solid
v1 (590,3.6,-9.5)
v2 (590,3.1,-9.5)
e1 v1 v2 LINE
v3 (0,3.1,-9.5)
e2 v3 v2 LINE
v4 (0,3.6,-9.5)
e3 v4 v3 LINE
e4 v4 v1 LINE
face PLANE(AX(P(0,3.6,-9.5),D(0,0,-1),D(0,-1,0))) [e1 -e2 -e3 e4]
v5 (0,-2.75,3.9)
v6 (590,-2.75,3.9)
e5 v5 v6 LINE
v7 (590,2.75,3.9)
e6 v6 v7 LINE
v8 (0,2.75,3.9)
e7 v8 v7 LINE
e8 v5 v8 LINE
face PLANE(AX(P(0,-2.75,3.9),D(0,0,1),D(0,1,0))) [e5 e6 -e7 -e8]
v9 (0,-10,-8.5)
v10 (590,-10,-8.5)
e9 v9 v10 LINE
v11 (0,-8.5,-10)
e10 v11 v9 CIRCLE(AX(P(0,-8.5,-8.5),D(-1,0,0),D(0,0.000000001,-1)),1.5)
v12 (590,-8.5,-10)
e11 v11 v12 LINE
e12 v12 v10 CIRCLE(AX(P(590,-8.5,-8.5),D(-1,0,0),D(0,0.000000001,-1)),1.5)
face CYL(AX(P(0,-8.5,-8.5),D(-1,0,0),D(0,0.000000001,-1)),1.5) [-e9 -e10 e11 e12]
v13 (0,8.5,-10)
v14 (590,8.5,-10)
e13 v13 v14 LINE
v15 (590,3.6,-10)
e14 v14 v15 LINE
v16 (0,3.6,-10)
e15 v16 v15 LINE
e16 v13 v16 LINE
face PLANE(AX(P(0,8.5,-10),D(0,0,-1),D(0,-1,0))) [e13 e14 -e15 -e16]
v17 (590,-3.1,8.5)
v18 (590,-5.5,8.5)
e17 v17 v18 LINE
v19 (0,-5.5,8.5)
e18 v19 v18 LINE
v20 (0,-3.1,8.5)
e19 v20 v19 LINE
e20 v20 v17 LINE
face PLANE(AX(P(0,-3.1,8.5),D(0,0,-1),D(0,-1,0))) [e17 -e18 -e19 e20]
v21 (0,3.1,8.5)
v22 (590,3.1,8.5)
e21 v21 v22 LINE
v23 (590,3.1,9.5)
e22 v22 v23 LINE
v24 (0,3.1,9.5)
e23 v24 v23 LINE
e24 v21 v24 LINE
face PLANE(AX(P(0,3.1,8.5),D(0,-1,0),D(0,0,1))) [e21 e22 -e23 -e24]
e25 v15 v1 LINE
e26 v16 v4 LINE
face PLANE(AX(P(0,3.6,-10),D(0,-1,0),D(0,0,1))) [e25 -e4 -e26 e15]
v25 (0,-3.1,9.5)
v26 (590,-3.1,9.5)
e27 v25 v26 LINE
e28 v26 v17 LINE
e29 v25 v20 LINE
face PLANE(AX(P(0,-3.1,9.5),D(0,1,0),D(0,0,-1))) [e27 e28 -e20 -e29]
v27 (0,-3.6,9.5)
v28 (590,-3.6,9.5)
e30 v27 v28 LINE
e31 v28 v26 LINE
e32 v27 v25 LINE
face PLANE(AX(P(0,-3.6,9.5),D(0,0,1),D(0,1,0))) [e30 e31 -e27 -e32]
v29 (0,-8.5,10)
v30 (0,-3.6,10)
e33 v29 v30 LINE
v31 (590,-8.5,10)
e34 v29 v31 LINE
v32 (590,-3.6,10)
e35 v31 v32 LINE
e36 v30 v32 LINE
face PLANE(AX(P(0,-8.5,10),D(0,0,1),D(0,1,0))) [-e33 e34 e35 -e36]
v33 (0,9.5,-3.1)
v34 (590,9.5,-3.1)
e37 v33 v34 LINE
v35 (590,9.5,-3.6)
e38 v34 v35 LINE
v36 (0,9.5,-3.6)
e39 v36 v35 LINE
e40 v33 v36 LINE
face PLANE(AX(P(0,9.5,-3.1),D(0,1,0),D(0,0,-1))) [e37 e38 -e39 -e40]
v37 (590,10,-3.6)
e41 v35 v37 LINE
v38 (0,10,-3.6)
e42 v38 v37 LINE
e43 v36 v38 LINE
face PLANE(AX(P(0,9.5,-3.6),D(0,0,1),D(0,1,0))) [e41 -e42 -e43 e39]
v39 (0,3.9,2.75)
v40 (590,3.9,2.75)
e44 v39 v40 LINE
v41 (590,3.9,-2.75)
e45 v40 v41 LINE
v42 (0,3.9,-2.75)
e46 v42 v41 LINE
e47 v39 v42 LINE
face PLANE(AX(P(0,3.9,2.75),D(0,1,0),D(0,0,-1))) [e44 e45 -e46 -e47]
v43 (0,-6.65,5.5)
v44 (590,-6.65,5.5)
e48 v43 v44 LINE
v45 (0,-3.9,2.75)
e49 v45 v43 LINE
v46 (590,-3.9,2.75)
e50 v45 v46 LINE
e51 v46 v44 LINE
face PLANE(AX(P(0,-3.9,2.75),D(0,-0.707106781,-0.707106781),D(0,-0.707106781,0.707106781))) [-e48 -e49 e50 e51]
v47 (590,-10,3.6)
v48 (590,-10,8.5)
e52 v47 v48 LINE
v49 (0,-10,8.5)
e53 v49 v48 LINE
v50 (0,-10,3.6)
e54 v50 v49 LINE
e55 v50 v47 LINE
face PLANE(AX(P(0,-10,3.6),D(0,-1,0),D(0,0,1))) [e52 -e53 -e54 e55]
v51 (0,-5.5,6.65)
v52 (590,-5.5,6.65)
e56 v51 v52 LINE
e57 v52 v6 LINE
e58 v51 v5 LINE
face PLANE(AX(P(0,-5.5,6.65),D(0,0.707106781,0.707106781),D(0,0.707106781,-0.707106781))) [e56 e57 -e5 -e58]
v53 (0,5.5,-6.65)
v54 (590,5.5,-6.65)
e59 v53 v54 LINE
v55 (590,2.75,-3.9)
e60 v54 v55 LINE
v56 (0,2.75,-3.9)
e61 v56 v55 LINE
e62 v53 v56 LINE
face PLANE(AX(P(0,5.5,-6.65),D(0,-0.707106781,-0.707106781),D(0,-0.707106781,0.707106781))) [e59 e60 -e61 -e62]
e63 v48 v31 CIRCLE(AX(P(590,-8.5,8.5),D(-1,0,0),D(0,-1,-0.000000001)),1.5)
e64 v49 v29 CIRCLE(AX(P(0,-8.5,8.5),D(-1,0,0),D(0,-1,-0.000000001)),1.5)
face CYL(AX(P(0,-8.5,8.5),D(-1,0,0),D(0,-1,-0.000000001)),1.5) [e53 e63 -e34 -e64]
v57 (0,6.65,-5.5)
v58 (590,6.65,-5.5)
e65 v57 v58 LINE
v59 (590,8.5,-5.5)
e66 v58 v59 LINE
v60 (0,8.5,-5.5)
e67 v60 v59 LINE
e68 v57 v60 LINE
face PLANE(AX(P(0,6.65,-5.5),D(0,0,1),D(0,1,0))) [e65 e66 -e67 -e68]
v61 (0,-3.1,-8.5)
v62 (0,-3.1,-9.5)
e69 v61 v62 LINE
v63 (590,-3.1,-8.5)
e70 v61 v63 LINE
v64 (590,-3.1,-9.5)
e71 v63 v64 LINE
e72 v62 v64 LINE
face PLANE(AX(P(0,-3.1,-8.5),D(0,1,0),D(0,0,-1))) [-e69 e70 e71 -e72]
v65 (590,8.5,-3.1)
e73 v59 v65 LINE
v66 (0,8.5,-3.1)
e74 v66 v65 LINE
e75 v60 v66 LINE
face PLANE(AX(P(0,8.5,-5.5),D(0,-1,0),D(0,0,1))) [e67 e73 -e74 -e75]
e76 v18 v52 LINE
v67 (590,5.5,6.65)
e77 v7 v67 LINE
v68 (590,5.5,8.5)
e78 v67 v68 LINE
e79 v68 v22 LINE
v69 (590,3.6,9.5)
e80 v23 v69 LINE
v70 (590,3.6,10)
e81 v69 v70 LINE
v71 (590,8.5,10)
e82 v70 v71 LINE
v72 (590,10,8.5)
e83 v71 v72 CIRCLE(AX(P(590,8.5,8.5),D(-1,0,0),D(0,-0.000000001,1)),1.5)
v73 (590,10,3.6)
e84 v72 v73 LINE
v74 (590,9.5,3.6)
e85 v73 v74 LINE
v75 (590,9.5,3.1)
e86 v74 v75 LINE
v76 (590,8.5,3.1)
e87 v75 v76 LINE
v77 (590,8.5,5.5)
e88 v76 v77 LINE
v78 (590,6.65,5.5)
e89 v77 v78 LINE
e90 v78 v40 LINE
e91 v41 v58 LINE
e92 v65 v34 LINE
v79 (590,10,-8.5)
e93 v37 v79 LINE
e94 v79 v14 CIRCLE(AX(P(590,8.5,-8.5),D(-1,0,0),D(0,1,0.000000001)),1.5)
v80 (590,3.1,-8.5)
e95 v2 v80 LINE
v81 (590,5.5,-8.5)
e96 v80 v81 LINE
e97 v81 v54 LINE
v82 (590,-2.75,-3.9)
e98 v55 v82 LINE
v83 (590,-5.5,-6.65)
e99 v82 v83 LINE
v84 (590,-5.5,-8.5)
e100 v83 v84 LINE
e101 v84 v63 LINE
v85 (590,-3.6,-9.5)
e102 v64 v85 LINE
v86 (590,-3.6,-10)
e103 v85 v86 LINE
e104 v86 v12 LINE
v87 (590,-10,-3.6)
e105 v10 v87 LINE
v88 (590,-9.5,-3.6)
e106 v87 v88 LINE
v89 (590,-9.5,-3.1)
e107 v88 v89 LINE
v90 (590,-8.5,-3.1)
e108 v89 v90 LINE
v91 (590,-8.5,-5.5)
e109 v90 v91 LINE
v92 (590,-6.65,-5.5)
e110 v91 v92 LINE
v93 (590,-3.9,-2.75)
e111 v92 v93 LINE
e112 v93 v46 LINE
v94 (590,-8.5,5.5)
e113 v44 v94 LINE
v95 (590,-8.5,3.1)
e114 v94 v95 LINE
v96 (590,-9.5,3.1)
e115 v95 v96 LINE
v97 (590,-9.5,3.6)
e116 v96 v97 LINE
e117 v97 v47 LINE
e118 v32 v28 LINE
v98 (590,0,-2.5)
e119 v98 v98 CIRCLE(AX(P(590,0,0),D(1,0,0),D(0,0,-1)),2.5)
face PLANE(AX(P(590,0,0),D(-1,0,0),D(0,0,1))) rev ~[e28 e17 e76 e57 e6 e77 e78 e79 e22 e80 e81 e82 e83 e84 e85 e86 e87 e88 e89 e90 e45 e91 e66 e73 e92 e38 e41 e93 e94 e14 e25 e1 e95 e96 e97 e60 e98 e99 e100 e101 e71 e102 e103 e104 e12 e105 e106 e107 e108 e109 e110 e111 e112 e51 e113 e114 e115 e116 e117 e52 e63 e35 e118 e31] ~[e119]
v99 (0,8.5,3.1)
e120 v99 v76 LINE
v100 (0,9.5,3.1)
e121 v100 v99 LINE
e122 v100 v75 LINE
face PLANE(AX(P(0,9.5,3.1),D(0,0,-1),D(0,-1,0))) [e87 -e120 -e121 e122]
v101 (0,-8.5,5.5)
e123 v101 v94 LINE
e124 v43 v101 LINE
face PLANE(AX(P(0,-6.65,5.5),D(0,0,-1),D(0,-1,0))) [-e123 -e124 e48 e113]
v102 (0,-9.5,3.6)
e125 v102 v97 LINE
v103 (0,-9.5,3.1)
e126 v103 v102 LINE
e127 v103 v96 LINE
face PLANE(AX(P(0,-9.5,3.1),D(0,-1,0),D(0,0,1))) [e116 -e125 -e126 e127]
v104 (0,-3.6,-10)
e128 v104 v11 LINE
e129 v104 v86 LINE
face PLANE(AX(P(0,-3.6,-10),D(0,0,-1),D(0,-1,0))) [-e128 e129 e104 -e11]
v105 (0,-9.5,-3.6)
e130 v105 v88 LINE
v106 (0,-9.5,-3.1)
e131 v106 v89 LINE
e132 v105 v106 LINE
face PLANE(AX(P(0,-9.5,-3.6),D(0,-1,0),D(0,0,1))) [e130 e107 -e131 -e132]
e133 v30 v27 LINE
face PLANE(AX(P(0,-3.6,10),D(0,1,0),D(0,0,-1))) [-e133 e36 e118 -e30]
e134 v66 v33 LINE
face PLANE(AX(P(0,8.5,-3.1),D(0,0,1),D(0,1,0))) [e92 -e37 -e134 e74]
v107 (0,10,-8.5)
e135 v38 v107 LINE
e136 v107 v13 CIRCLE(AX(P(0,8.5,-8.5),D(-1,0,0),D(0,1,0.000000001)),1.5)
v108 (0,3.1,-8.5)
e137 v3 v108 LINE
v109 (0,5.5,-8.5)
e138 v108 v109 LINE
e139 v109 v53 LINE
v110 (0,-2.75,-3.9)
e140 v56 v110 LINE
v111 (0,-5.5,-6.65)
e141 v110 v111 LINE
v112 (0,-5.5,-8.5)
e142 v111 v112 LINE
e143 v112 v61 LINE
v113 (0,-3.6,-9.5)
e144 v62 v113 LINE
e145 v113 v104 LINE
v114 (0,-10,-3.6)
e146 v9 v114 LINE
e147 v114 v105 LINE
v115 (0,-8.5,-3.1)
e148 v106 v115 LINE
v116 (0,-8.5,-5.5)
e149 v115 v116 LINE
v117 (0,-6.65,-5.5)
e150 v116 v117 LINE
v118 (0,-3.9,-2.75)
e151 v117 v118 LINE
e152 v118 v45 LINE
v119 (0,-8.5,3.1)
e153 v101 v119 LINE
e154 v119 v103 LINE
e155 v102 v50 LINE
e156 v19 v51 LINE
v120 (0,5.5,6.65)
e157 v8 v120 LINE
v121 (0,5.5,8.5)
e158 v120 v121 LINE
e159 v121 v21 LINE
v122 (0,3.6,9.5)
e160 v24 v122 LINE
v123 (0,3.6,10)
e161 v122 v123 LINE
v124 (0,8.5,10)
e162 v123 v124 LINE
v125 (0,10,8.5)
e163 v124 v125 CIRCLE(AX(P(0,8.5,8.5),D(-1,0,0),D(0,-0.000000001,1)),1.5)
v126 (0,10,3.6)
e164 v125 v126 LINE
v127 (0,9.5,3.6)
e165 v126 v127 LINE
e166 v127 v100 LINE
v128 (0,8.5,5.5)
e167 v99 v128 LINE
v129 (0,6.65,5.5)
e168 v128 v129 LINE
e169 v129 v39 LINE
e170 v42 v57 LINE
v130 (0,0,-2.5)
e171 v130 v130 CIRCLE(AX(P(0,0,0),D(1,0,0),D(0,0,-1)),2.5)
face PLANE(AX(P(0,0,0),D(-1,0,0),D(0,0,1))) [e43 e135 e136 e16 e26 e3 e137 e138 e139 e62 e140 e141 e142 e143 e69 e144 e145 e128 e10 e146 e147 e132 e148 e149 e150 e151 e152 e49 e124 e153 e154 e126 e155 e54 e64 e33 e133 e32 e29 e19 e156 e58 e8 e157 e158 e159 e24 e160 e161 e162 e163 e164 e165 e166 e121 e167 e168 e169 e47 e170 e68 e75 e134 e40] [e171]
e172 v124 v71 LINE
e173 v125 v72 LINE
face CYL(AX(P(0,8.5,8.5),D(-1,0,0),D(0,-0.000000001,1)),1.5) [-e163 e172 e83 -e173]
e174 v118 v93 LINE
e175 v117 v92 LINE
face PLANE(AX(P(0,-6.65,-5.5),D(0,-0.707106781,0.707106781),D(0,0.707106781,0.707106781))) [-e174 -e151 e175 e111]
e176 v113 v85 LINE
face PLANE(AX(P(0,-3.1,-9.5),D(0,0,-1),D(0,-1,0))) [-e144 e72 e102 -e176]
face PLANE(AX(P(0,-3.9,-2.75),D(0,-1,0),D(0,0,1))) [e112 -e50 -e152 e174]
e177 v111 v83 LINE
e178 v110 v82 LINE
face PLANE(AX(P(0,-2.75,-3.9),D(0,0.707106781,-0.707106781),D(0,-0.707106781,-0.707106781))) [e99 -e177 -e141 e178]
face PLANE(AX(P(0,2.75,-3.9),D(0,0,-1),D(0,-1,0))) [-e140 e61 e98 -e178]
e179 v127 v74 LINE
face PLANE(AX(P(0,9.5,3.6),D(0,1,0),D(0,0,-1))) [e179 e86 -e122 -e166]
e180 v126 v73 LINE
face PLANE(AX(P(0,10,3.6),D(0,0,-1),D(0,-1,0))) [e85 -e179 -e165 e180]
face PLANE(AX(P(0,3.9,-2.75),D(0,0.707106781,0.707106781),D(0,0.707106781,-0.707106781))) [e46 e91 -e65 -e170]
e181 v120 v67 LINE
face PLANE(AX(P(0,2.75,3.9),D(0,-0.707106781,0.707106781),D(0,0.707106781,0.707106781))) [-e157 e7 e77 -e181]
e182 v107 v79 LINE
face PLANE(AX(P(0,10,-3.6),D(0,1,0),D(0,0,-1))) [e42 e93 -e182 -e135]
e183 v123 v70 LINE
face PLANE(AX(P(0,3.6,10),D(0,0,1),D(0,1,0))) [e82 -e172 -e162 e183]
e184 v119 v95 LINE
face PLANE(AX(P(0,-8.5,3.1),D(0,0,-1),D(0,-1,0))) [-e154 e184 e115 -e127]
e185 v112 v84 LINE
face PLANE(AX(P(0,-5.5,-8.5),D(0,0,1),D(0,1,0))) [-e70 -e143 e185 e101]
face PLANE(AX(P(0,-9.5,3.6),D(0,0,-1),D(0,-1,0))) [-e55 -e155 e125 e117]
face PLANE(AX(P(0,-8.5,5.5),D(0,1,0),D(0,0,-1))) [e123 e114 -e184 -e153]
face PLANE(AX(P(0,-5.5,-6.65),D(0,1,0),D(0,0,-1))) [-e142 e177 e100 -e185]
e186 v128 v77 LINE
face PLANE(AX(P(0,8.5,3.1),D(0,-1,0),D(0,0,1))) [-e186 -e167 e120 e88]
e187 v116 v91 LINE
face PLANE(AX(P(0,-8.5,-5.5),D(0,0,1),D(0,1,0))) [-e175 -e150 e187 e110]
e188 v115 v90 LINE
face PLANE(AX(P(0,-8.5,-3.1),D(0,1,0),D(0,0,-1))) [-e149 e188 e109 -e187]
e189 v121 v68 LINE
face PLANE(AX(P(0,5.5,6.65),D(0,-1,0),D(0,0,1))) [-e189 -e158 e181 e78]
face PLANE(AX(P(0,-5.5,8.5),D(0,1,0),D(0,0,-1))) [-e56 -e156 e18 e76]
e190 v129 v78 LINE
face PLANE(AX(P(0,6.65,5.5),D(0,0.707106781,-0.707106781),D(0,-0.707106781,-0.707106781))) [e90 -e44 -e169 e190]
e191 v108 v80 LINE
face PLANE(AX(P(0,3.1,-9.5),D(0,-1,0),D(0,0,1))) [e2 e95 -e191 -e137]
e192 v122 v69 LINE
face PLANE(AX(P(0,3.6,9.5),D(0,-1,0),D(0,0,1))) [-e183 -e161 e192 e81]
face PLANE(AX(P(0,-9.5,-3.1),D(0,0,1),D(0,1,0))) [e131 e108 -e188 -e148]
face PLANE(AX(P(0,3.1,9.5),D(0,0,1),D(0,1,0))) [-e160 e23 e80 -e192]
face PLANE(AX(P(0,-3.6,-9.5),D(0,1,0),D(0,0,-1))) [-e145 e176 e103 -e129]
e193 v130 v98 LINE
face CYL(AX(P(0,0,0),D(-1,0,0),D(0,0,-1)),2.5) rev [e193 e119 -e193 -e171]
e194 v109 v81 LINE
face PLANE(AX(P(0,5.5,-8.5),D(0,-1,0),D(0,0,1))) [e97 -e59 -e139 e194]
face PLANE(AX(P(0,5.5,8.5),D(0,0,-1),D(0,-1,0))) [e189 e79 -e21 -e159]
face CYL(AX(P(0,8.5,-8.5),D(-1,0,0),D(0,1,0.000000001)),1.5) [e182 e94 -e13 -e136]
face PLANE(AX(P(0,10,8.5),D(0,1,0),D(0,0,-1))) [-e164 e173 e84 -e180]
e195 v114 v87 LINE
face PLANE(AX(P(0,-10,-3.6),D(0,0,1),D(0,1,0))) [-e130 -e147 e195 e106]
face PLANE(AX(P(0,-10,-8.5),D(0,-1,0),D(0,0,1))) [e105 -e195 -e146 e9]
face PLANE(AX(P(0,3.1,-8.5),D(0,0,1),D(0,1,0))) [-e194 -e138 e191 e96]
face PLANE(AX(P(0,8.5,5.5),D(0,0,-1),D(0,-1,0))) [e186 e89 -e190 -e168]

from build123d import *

# Parameters (mm, degrees)
SKETCH1_R                = 2.5
F_20_X_20_X_R1_5_1_DEPTH = 590


with BuildPart() as part:
    # Sketch1 → 铝型材 20 X 20 X R1.5(1) (new body)
    with BuildSketch(Plane(origin=(0, 0, 0), x_dir=(0, 0, -1), z_dir=(1, 0, 0))):
        with BuildLine():
            Line((-3.6, 10), (-3.6, 9.5))
            Line((-3.6, 9.5), (-3.1, 9.5))
            Line((-3.1, 9.5), (-3.1, 8.5))
            Line((-3.1, 8.5), (-5.5, 8.5))
            Line((-5.5, 8.5), (-5.5, 6.65))
            Line((-5.5, 6.65), (-2.75, 3.9))
            Line((-2.75, 3.9), (2.75, 3.9))
            Line((2.75, 3.9), (5.5, 6.65))
            Line((5.5, 6.65), (5.5, 8.5))
            Line((5.5, 8.5), (3.1, 8.5))
            Line((3.1, 8.5), (3.1, 9.5))
            Line((3.1, 9.5), (3.6, 9.5))
            Line((3.6, 9.5), (3.6, 10))
            Line((3.6, 10), (8.5, 10))
            ThreePointArc((8.5, 10), (9.560660172, 9.560660172), (10, 8.5))
            Line((10, 8.5), (10, 3.6))
            Line((10, 3.6), (9.5, 3.6))
            Line((9.5, 3.6), (9.5, 3.1))
            Line((9.5, 3.1), (8.5, 3.1))
            Line((8.5, 3.1), (8.5, 5.5))
            Line((8.5, 5.5), (6.65, 5.5))
            Line((6.65, 5.5), (3.9, 2.75))
            Line((3.9, 2.75), (3.9, -2.75))
            Line((3.9, -2.75), (6.65, -5.5))
            Line((6.65, -5.5), (8.5, -5.5))
            Line((8.5, -5.5), (8.5, -3.1))
            Line((8.5, -3.1), (9.5, -3.1))
            Line((9.5, -3.1), (9.5, -3.6))
            Line((9.5, -3.6), (10, -3.6))
            Line((10, -3.6), (10, -8.5))
            ThreePointArc((10, -8.5), (9.560660172, -9.560660172), (8.5, -10))
            Line((8.5, -10), (3.6, -10))
            Line((3.6, -10), (3.6, -9.5))
            Line((3.6, -9.5), (3.1, -9.5))
            Line((3.1, -9.5), (3.1, -8.5))
            Line((3.1, -8.5), (5.5, -8.5))
            Line((5.5, -8.5), (5.5, -6.65))
            Line((5.5, -6.65), (2.75, -3.9))
            Line((2.75, -3.9), (-2.75, -3.9))
            Line((-2.75, -3.9), (-5.5, -6.65))
            Line((-5.5, -6.65), (-5.5, -8.5))
            Line((-5.5, -8.5), (-3.1, -8.5))
            Line((-3.1, -8.5), (-3.1, -9.5))
            Line((-3.1, -9.5), (-3.6, -9.5))
            Line((-3.6, -9.5), (-3.6, -10))
            Line((-3.6, -10), (-8.5, -10))
            ThreePointArc((-8.5, -10), (-9.560660172, -9.560660172), (-10, -8.5))
            Line((-10, -8.5), (-10, -3.6))
            Line((-10, -3.6), (-9.5, -3.6))
            Line((-9.5, -3.6), (-9.5, -3.1))
            Line((-9.5, -3.1), (-8.5, -3.1))
            Line((-8.5, -3.1), (-8.5, -5.5))
            Line((-8.5, -5.5), (-6.65, -5.5))
            Line((-6.65, -5.5), (-3.9, -2.75))
            Line((-3.9, -2.75), (-3.9, 2.75))
            Line((-3.9, 2.75), (-6.65, 5.5))
            Line((-6.65, 5.5), (-8.5, 5.5))
            Line((-8.5, 5.5), (-8.5, 3.1))
            Line((-8.5, 3.1), (-9.5, 3.1))
            Line((-9.5, 3.1), (-9.5, 3.6))
            Line((-9.5, 3.6), (-10, 3.6))
            Line((-10, 3.6), (-10, 8.5))
            ThreePointArc((-10, 8.5), (-9.560660172, 9.560660172), (-8.5, 10))
            Line((-8.5, 10), (-3.6, 10))
        make_face()
        Circle(SKETCH1_R, mode=Mode.SUBTRACT)
    extrude(amount=F_20_X_20_X_R1_5_1_DEPTH)


solid = part.part
